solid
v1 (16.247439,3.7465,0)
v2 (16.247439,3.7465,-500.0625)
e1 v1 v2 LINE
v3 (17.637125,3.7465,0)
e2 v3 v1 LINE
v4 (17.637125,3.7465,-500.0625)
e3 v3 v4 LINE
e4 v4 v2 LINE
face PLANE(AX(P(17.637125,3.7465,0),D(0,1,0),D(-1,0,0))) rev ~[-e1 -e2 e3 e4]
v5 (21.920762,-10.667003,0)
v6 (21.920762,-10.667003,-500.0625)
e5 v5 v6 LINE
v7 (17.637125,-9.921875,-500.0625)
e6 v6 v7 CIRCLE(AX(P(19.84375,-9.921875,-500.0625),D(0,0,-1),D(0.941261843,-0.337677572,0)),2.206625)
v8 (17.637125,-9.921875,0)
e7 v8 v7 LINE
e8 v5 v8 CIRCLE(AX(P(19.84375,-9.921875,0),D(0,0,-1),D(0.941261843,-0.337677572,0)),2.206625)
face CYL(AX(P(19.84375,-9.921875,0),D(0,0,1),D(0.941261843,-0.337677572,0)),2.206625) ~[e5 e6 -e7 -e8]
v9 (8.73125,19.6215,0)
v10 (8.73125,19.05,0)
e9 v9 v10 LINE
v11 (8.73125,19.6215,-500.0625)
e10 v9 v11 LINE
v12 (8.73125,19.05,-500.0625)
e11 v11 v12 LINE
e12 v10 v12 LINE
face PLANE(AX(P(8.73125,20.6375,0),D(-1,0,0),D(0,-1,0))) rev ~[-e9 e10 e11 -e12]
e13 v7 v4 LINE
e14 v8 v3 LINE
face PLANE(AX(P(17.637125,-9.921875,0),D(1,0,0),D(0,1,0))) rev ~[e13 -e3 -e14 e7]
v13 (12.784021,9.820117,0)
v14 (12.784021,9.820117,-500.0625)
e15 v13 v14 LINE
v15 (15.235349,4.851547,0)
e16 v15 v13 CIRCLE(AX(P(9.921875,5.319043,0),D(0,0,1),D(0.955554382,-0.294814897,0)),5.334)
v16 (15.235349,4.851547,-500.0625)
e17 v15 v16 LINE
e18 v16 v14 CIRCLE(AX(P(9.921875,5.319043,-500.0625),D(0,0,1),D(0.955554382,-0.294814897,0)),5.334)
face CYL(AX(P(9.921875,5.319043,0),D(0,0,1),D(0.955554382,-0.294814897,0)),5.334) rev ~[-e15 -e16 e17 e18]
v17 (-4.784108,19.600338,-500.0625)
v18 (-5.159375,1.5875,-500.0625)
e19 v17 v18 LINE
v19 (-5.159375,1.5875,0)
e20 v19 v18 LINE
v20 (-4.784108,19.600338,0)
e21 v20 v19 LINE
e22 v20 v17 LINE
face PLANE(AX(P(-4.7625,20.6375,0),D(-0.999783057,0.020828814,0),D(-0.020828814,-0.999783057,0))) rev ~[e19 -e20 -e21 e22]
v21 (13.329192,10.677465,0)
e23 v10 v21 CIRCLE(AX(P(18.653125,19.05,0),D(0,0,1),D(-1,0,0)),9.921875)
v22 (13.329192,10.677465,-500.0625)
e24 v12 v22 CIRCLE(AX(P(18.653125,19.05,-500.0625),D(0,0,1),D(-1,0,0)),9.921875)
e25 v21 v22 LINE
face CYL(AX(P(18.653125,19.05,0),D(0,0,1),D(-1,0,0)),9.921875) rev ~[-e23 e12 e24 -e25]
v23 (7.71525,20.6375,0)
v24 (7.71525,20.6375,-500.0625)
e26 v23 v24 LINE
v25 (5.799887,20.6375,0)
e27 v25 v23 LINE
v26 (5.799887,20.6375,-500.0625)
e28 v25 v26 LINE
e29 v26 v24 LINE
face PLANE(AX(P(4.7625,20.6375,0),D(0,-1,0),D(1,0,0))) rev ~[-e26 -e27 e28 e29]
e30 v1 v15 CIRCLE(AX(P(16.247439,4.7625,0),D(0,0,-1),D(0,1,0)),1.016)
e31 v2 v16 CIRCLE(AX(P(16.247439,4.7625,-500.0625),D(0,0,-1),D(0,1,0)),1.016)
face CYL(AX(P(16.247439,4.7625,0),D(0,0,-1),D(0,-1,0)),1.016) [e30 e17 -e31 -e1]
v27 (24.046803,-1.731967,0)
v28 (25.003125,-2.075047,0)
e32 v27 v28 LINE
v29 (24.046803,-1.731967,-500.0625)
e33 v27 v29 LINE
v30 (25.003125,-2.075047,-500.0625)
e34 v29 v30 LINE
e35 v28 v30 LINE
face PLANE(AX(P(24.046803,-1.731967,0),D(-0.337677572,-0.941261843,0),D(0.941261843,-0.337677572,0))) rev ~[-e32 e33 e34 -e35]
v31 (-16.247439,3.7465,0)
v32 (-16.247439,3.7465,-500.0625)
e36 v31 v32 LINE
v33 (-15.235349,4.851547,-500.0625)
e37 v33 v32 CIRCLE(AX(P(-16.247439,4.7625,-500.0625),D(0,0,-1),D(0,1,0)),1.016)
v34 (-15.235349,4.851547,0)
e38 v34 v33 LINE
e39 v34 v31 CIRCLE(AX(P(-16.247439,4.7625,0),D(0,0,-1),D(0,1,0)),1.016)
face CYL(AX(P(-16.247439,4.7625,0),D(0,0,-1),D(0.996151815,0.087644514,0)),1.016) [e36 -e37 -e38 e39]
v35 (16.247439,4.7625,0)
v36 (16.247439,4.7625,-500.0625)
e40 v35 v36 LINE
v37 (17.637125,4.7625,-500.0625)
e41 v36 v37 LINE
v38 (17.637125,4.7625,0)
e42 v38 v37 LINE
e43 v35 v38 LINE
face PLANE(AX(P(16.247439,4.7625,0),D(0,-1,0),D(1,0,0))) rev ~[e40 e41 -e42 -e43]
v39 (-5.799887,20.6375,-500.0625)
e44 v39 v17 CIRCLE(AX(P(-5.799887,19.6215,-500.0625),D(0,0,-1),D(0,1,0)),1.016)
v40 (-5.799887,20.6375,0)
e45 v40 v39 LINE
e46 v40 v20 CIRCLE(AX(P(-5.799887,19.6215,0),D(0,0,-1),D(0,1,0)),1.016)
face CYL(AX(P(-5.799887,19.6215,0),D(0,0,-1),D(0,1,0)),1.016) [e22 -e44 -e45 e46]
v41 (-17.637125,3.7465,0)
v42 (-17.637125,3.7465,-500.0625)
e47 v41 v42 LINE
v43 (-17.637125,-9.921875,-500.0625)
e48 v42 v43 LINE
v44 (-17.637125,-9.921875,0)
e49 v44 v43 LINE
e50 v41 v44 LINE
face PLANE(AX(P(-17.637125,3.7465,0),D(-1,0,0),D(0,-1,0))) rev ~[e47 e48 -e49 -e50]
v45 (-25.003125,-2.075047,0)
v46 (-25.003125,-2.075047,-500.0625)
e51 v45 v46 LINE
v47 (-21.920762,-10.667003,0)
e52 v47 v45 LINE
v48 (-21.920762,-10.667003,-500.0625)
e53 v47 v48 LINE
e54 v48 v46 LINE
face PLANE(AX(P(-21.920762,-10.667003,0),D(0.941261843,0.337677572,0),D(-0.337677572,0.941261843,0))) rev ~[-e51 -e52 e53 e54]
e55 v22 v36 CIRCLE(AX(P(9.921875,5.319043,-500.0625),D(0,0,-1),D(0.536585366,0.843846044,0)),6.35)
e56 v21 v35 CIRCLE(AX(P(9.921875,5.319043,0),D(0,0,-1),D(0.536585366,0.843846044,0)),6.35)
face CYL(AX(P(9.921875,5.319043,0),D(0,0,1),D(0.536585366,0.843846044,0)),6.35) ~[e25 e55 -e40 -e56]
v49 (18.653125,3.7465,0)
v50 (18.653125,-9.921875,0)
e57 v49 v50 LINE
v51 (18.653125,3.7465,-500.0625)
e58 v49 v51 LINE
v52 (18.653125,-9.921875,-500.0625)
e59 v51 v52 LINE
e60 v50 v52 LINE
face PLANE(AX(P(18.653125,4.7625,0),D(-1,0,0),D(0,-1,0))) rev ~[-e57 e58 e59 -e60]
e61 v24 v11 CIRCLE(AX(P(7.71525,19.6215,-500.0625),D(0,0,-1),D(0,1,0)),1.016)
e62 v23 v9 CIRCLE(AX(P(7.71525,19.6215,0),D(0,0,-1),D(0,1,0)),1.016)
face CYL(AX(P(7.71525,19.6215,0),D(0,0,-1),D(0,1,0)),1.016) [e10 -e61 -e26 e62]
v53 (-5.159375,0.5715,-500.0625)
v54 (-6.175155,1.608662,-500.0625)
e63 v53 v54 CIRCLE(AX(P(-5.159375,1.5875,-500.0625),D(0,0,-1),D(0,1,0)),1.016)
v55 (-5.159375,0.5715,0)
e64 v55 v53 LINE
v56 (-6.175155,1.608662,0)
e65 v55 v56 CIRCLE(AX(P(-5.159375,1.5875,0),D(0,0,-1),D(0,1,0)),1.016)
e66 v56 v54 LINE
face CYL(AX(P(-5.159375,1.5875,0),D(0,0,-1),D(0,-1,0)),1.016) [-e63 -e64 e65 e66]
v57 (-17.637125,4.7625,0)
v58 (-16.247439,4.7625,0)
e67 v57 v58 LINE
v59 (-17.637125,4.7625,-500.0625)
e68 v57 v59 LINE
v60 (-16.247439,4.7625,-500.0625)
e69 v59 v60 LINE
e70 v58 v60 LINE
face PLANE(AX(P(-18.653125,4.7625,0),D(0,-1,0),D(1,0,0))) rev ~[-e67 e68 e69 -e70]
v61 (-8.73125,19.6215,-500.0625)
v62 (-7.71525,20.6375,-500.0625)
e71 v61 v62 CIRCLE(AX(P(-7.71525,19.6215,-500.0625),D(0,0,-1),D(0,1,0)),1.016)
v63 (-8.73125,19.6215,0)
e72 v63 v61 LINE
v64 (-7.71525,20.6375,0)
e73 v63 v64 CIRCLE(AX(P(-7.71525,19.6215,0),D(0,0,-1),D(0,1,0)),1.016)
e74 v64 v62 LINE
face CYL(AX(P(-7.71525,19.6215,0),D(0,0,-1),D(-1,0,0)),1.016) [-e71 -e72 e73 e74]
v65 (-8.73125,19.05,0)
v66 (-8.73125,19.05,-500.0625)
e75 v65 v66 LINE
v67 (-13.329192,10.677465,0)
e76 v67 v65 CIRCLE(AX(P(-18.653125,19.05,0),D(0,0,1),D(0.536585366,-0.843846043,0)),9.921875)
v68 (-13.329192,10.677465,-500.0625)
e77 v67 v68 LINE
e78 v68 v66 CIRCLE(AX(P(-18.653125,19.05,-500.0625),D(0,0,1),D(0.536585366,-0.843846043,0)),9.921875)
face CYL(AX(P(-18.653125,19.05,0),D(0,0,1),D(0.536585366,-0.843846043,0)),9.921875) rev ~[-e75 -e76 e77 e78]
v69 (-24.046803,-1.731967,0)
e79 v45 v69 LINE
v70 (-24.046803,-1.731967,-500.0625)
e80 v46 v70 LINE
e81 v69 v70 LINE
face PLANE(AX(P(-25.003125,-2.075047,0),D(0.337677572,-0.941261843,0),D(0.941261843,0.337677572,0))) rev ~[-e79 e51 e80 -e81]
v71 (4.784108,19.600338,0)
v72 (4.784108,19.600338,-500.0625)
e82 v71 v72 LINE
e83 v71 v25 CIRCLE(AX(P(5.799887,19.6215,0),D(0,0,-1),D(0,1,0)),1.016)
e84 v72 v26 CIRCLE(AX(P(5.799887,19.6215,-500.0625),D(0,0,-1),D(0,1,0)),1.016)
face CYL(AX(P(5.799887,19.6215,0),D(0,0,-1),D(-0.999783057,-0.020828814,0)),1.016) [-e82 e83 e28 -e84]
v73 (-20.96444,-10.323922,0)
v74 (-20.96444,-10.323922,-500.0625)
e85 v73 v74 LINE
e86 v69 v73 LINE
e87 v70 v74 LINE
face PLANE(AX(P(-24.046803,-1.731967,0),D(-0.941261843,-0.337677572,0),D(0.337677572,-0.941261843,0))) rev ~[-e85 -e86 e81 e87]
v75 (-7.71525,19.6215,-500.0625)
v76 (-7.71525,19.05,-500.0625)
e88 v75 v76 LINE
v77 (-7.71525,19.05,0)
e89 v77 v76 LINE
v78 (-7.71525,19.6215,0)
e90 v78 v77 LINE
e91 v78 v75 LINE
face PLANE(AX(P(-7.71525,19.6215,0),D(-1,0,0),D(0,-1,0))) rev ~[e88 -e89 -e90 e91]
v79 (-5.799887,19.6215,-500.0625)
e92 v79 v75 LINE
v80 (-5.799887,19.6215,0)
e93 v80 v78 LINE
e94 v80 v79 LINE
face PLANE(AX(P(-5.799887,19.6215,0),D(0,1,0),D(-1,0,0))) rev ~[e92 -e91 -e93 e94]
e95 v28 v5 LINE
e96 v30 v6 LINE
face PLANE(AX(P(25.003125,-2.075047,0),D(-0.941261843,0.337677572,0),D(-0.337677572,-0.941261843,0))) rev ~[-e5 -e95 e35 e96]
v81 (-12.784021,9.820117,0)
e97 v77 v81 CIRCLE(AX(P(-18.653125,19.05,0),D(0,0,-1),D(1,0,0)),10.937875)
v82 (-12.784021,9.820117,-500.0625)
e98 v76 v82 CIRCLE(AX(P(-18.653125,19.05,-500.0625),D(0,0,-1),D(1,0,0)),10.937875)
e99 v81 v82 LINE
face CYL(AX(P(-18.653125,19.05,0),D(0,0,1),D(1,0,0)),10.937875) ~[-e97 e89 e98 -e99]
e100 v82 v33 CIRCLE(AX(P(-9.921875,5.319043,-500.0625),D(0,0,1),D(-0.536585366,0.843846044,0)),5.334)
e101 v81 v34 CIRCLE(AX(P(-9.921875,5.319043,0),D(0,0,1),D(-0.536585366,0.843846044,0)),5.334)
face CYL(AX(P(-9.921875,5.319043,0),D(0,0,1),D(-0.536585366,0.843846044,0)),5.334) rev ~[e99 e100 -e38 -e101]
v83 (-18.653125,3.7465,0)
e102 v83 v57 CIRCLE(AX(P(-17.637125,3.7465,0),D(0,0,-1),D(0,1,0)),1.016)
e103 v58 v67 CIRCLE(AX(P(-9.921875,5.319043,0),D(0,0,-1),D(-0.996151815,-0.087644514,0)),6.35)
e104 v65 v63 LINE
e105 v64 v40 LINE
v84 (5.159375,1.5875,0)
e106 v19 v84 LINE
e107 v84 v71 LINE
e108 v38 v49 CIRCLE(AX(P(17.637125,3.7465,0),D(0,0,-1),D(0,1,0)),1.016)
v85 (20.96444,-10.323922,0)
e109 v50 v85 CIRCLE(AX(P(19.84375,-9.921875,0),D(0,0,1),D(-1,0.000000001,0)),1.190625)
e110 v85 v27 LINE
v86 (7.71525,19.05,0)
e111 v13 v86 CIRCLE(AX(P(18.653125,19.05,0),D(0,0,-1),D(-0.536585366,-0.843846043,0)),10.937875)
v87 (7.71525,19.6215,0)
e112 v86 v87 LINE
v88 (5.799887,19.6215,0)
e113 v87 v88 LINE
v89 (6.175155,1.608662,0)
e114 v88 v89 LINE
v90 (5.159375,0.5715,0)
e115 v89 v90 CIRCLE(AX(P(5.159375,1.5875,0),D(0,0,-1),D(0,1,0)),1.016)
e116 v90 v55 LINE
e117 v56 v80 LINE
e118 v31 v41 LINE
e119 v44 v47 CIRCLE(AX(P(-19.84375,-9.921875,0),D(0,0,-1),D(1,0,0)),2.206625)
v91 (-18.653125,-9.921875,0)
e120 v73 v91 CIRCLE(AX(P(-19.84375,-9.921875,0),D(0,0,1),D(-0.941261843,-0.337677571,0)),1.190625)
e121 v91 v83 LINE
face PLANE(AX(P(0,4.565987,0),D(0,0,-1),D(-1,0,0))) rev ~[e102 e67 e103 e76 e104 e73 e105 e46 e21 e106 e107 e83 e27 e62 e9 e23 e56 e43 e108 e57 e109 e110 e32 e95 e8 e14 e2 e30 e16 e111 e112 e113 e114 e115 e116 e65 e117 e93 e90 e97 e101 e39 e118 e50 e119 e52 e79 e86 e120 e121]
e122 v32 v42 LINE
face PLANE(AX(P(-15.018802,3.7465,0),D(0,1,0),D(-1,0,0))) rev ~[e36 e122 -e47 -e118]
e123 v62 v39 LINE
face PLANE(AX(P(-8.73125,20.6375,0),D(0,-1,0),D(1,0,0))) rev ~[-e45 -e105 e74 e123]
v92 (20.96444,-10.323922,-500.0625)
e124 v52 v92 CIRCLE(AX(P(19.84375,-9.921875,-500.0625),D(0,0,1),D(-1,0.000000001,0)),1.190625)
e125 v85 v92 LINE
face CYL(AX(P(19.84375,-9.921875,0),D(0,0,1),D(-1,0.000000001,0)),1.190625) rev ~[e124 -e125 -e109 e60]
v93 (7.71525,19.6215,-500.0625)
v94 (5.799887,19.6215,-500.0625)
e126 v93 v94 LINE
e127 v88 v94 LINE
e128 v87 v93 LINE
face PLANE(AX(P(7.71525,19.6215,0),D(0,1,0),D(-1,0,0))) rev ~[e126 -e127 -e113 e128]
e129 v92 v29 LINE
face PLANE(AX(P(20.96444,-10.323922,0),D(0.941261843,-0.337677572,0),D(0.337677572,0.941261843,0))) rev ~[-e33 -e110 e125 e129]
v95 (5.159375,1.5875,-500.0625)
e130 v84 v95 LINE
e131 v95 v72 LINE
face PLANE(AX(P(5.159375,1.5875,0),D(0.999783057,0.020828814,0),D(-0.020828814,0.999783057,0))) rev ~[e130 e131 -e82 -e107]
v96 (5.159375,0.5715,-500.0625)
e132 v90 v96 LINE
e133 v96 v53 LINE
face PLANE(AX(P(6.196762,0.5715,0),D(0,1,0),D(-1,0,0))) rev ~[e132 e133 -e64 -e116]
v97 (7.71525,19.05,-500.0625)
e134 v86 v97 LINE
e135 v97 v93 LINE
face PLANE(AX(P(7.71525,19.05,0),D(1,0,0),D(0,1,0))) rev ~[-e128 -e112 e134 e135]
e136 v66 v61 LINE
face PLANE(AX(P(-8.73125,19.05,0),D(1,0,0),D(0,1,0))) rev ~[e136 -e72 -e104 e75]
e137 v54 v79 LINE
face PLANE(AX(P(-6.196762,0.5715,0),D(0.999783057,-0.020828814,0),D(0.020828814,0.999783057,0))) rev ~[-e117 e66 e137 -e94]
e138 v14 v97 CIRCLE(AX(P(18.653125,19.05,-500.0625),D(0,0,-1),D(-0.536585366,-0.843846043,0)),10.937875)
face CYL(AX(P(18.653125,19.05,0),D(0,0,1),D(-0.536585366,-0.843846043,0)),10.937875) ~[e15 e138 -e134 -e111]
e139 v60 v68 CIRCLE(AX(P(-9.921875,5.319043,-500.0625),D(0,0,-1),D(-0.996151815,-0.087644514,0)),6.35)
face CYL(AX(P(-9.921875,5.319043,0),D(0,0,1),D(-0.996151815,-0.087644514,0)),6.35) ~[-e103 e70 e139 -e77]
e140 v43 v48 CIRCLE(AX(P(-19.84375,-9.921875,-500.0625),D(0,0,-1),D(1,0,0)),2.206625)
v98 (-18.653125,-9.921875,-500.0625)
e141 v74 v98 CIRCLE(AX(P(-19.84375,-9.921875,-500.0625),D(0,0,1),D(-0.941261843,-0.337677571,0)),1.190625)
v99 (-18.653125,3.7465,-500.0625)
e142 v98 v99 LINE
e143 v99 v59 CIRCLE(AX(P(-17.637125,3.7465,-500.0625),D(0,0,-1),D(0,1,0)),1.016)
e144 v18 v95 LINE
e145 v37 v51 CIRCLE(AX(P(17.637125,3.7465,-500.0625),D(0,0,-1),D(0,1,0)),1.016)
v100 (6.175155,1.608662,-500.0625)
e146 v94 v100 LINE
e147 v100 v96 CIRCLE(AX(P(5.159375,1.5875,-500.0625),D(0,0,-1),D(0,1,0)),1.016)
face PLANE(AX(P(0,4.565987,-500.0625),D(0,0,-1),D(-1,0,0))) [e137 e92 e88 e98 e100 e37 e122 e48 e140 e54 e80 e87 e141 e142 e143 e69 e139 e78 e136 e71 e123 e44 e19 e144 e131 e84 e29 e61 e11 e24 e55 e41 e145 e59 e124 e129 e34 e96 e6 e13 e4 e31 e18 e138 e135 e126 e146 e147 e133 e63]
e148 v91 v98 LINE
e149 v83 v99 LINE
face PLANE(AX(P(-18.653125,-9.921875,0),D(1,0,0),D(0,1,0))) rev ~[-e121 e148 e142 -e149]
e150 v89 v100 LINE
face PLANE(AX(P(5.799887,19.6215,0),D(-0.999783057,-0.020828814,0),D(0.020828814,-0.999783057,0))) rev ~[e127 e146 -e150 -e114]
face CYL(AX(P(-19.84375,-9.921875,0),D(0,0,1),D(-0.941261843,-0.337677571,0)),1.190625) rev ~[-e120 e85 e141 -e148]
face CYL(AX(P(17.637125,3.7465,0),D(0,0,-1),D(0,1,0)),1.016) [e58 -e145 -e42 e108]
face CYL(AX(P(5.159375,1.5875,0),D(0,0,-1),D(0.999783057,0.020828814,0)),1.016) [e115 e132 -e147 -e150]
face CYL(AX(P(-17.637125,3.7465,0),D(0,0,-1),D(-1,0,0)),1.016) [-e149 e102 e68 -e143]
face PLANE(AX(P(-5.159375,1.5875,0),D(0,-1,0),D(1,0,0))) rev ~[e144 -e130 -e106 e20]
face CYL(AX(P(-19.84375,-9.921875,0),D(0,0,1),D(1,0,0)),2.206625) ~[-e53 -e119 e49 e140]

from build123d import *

# Parameters (mm, degrees)
EXTRUDE_THIN1_DEPTH = 500.0625
FILLET1_R           = 1.016


with BuildPart() as part:
    # Sketch1 → Extrude-Thin1 (new body)
    with BuildSketch(Plane.XY):
        with BuildLine():
            Line((-24.046802967, -1.731966596), (-20.964439882, -10.323922359))
            ThreePointArc((-20.964439882, -10.323922359), (-19.639707725, -11.09488593), (-18.653125, -9.921875))
            Line((-18.653125, -9.921875), (-18.653125, 4.7625))
            Line((-18.653125, 4.7625), (-16.247439028, 4.7625))
            ThreePointArc((-16.247439028, 4.7625), (-15.61651691, 8.128589514), (-13.329192073, 10.677465037))
            ThreePointArc((-13.329192073, 10.677465037), (-9.956372718, 14.274007616), (-8.73125, 19.05))
            Line((-8.73125, 19.05), (-8.73125, 20.6375))
            Line((-8.73125, 20.6375), (-4.7625, 20.6375))
            Line((-4.7625, 20.6375), (-5.159375, 1.5875))
            Line((-5.159375, 1.5875), (5.159375, 1.5875))
            Line((5.159375, 1.5875), (4.7625, 20.6375))
            Line((4.7625, 20.6375), (8.73125, 20.6375))
            Line((8.73125, 20.6375), (8.73125, 19.05))
            ThreePointArc((8.73125, 19.05), (9.956372718, 14.274007616), (13.329192073, 10.677465037))
            ThreePointArc((13.329192073, 10.677465037), (15.61651691, 8.128589514), (16.247439028, 4.7625))
            Line((16.247439028, 4.7625), (18.653125, 4.7625))
            Line((18.653125, 4.7625), (18.653125, -9.921875))
            ThreePointArc((18.653125, -9.921875), (19.639707725, -11.09488593), (20.964439882, -10.323922359))
            Line((20.964439882, -10.323922359), (24.046802967, -1.731966596))
            Line((24.046802967, -1.731966596), (25.003125, -2.075047009))
            Line((25.003125, -2.075047009), (21.920761915, -10.667002772))
            ThreePointArc((21.920761915, -10.667002772), (19.465591651, -12.095855256), (17.637125, -9.921875))
            Line((17.637125, -9.921875), (17.637125, 3.7465))
            Line((17.637125, 3.7465), (15.018802072, 3.7465))
            ThreePointArc((15.018802072, 3.7465), (14.927763498, 7.160953719), (12.784021341, 9.820117457))
            ThreePointArc((12.784021341, 9.820117457), (9.065825284, 13.784945996), (7.71525, 19.05))
            Line((7.71525, 19.05), (7.71525, 19.6215))
            Line((7.71525, 19.6215), (5.799887129, 19.6215))
            Line((5.799887129, 19.6215), (6.196762129, 0.5715))
            Line((6.196762129, 0.5715), (-6.196762129, 0.5715))
            Line((-6.196762129, 0.5715), (-5.799887129, 19.6215))
            Line((-5.799887129, 19.6215), (-7.71525, 19.6215))
            Line((-7.71525, 19.6215), (-7.71525, 19.05))
            ThreePointArc((-7.71525, 19.05), (-9.065825284, 13.784945996), (-12.784021341, 9.820117457))
            ThreePointArc((-12.784021341, 9.820117457), (-14.927763498, 7.160953719), (-15.018802072, 3.7465))
            Line((-15.018802072, 3.7465), (-17.637125, 3.7465))
            Line((-17.637125, 3.7465), (-17.637125, -9.921875))
            ThreePointArc((-17.637125, -9.921875), (-19.465591651, -12.095855256), (-21.920761915, -10.667002772))
            Line((-21.920761915, -10.667002772), (-25.003125, -2.075047009))
            Line((-25.003125, -2.075047009), (-24.046802967, -1.731966596))
        make_face()
    extrude(amount=-EXTRUDE_THIN1_DEPTH)

    # Fillet1
    fillet1_edges = [part.edges().sort_by_distance(p)[0] for p in [
        (-18.653125, 4.7625, -250.03125),
        (-8.73125, 20.6375, -250.03125),
        (-4.7625, 20.6375, -250.03125),
        (4.7625, 20.6375, -250.03125),
        (8.73125, 20.6375, -250.03125),
        (18.653125, 4.7625, -250.03125),
        (15.018802072, 3.7465, -250.03125),
        (6.196762129, 0.5715, -250.03125),
        (-6.196762129, 0.5715, -250.03125),
        (-15.018802072, 3.7465, -250.03125),
    ]]
    fillet(fillet1_edges, radius=FILLET1_R)


solid = part.part
